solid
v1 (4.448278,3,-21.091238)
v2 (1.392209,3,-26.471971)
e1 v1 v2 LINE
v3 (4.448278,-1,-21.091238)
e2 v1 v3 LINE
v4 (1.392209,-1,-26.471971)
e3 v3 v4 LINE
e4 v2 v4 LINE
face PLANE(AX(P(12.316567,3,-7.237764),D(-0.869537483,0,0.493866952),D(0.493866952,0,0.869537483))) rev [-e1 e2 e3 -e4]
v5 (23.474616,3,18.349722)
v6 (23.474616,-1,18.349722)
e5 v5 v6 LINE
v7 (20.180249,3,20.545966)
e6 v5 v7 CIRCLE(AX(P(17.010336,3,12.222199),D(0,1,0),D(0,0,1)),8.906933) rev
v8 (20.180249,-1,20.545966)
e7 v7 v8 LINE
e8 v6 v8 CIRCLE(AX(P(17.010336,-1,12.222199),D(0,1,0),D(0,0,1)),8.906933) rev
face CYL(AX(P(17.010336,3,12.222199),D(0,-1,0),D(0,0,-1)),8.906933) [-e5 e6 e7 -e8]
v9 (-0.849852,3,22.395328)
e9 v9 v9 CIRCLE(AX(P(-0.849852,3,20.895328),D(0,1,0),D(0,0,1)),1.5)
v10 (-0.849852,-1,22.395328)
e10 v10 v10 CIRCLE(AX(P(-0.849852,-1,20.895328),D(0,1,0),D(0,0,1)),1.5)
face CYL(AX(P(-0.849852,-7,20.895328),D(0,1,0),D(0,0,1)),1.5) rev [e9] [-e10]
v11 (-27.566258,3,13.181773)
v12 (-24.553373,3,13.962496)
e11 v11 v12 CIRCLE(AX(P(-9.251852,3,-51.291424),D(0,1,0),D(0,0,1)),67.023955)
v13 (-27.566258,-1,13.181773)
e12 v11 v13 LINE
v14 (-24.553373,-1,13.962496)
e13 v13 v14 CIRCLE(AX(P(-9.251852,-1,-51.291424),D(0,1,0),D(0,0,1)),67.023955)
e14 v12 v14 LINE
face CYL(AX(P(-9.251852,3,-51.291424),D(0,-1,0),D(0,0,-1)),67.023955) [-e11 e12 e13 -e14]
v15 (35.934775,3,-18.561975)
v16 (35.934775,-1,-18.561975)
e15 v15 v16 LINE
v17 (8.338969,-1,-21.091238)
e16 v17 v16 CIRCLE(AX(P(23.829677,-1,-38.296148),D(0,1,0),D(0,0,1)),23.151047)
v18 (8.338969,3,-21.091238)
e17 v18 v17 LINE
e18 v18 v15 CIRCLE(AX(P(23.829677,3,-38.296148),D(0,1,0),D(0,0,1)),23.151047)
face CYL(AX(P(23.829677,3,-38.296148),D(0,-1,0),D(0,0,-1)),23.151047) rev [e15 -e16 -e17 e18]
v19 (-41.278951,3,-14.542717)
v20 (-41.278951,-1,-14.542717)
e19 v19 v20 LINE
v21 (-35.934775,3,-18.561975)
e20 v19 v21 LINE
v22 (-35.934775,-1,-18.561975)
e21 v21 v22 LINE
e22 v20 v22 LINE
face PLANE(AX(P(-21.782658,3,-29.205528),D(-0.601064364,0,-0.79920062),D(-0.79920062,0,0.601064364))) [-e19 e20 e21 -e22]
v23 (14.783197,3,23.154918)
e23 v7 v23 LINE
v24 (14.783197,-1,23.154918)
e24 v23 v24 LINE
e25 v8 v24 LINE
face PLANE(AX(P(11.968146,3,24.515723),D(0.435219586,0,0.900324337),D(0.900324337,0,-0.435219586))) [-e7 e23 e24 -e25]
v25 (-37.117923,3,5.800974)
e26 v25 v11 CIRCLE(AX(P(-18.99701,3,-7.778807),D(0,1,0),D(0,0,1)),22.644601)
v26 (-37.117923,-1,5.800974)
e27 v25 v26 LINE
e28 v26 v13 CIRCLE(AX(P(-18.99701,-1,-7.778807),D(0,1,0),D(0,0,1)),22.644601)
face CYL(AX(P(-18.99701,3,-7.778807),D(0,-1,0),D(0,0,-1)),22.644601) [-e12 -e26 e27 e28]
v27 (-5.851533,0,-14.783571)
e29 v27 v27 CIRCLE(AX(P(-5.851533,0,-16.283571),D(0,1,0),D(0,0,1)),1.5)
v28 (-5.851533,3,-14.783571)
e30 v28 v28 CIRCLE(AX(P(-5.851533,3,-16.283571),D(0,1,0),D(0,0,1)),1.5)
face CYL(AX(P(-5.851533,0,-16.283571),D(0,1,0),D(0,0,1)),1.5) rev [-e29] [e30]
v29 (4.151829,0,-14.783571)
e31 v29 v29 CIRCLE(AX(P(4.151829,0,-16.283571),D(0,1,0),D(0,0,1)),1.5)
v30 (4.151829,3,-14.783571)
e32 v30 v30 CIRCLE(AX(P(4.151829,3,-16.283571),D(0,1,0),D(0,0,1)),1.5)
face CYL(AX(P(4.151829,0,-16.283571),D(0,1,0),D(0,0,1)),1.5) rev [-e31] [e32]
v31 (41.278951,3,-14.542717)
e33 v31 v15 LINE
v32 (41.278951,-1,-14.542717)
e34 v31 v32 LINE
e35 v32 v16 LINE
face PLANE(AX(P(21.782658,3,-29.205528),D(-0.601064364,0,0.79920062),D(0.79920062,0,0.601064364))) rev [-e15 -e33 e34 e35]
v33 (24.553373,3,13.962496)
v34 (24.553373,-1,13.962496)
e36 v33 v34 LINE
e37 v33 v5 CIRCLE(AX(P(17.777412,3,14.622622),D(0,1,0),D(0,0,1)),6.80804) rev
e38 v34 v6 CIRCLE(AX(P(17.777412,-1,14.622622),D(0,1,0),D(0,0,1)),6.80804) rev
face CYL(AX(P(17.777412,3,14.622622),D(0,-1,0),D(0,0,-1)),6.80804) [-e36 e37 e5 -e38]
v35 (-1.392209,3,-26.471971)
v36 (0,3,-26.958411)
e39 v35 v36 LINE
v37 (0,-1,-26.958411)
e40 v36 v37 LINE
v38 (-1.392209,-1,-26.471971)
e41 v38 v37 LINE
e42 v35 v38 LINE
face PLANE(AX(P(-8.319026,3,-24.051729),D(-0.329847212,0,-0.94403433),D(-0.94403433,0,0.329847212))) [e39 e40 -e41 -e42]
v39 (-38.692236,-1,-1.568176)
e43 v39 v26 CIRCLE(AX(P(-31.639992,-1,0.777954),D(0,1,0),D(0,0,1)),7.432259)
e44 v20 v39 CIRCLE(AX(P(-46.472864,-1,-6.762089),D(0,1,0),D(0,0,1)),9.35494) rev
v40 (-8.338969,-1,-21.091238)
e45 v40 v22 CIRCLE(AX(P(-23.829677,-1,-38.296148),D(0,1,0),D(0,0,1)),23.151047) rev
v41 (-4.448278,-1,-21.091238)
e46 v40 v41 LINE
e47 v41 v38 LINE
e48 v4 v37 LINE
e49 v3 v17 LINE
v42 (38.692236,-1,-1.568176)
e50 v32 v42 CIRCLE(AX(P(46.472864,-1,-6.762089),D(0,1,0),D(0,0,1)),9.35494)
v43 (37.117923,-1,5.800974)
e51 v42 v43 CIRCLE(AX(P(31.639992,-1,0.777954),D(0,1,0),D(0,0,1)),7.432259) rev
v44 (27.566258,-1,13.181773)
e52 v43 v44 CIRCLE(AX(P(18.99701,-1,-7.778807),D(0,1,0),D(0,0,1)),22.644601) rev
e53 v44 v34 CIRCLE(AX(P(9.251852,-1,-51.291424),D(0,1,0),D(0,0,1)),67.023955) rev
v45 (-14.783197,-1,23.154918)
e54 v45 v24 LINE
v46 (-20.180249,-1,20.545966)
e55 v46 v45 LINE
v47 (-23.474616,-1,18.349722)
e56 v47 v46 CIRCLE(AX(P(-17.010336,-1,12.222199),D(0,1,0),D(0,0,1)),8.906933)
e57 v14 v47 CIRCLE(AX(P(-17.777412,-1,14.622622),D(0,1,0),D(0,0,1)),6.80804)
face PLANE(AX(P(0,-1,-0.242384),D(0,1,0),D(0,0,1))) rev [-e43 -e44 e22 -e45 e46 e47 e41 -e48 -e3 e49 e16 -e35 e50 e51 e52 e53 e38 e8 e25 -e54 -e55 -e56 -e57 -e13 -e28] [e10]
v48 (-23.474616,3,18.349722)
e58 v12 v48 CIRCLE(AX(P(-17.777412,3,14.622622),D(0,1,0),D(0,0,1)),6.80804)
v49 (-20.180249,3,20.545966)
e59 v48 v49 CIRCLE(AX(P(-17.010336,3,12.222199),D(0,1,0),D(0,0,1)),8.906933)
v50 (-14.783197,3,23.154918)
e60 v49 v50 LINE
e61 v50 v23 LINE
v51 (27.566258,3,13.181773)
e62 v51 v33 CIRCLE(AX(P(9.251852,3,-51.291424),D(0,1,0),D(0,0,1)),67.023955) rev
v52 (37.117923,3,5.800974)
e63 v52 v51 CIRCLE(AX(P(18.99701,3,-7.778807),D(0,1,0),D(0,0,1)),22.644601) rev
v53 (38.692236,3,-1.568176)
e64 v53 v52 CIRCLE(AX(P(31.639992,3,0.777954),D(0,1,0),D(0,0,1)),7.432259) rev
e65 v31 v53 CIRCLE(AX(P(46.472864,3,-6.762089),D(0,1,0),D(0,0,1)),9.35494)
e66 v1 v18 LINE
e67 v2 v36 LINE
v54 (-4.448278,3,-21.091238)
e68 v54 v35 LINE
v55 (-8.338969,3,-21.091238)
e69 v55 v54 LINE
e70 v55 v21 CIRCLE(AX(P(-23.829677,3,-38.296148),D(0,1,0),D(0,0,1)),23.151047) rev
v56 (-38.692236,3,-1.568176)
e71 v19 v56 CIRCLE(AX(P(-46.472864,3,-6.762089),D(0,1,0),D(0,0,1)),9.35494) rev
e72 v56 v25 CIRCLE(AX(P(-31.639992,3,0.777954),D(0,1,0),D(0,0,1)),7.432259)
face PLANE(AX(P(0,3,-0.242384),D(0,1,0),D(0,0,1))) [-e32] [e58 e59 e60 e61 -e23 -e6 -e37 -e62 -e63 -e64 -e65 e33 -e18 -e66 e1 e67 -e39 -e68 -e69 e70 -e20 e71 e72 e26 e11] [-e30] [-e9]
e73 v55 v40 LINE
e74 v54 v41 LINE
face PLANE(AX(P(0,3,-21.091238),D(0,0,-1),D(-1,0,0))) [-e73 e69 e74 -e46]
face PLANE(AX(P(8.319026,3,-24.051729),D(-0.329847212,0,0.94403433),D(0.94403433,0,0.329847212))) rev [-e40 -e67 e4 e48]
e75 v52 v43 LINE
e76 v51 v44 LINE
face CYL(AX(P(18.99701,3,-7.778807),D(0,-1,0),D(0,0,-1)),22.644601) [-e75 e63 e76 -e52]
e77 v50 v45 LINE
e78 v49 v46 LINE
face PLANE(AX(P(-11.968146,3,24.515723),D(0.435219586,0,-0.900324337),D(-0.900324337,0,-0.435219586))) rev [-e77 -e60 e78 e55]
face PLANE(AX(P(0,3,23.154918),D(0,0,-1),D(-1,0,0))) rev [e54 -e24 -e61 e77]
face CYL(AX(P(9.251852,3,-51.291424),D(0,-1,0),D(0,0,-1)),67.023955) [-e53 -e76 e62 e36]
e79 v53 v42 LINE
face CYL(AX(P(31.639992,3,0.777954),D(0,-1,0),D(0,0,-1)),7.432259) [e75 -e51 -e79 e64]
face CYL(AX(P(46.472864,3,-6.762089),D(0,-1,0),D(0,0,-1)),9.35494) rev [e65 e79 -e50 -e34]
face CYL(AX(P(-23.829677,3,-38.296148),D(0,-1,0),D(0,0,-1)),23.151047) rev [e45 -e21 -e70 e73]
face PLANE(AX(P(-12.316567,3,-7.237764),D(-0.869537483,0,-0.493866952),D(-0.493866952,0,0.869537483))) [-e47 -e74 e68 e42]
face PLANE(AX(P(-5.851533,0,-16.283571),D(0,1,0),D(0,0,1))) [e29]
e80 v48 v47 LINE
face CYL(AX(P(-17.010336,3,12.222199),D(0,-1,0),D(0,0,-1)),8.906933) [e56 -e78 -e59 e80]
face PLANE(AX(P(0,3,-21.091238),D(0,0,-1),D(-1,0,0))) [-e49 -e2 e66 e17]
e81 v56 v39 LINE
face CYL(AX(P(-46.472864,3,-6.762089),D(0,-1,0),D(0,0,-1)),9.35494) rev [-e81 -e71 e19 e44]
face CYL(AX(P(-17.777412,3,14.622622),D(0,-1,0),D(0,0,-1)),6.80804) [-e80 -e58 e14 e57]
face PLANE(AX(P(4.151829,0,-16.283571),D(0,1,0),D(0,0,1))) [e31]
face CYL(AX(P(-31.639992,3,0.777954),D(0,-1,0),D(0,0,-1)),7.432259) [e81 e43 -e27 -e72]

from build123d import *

# Parameters (mm, degrees)
BOSS_EXTRUDE1_DEPTH = 2
SCALE1_SCALE        = 2
SKETCH6_R           = 1.5
CUT_EXTRUDE2_DEPTH  = 3
SKETCH10_R          = 1.5
CUT_EXTRUDE4_DEPTH  = 10


with BuildPart() as part:
    # Sketch2 → Boss-Extrude1 (new body)
    with BuildSketch(Plane(origin=(0, 0, 0), x_dir=(1, 0, 0), z_dir=(0, 1, 0))):
        with BuildLine():
            Line((-17.967387551, 9.159795774), (-20.639475337, 7.15016677))
            ThreePointArc((-20.639475337, 7.15016677), (-18.649238809, 4.17439457), (-19.346117765, 0.662896123))
            ThreePointArc((-19.346117765, 0.662896123), (-19.45411943, -1.286546543), (-18.558961711, -3.021678736))
            ThreePointArc((-18.558961711, -3.021678736), (-16.421478173, -5.190969631), (-13.78312899, -6.712078584))
            ThreePointArc((-13.78312899, -6.712078584), (-13.032173848, -6.916004841), (-12.276686285, -7.102440046))
            ThreePointArc((-12.276686285, -7.102440046), (-12.194265553, -8.245293076), (-11.737308023, -9.296052821))
            ThreePointArc((-11.737308023, -9.296052821), (-10.975506649, -9.937799505), (-10.090124565, -10.394175126))
            Line((-10.090124565, -10.394175126), (-7.391598262, -11.698651137))
            Line((-7.391598262, -11.698651137), (7.391598262, -11.698651137))
            Line((7.391598262, -11.698651137), (10.090124565, -10.394175126))
            ThreePointArc((10.090124565, -10.394175126), (10.975506649, -9.937799505), (11.737308023, -9.296052821))
            ThreePointArc((11.737308023, -9.296052821), (12.194265553, -8.245293076), (12.276686285, -7.102440046))
            ThreePointArc((12.276686285, -7.102440046), (13.032173848, -6.916004841), (13.78312899, -6.712078584))
            ThreePointArc((13.78312899, -6.712078584), (16.421478173, -5.190969631), (18.558961711, -3.021678736))
            ThreePointArc((18.558961711, -3.021678736), (19.45411943, -1.286546543), (19.346117765, 0.662896123))
            ThreePointArc((19.346117765, 0.662896123), (18.649238809, 4.17439457), (20.639475337, 7.15016677))
            Line((20.639475337, 7.15016677), (17.967387551, 9.159795774))
            ThreePointArc((17.967387551, 9.159795774), (10.858325227, 7.499674132), (4.169484372, 10.424426945))
            Line((4.169484372, 10.424426945), (2.224138848, 10.424426945))
            Line((2.224138848, 10.424426945), (0.696104526, 13.114793475))
            Line((0.696104526, 13.114793475), (0, 13.358013588))
            Line((0, 13.358013588), (-0.696104526, 13.114793475))
            Line((-0.696104526, 13.114793475), (-2.224138848, 10.424426945))
            Line((-2.224138848, 10.424426945), (-4.169484372, 10.424426945))
            ThreePointArc((-4.169484372, 10.424426945), (-10.858325227, 7.499674132), (-17.967387551, 9.159795774))
        make_face()
    extrude(amount=BOSS_EXTRUDE1_DEPTH)


with BuildPart() as part_1:
    # Scale1: scaled about (0, 1, 0.242383844)
    add(part.part.scale(SCALE1_SCALE).moved(Location((0, -1, -0.242383844))))

    # Sketch6 → Cut-Extrude2 (cut)
    with BuildSketch(Plane(origin=(0, 3, 0), x_dir=(1, 0, 0), z_dir=(0, 1, 0))):
        with Locations(Location((-5.851533015, 16.28357055, 0), (0, 0, 270))):
            Circle(SKETCH6_R)
        with Locations(Location((4.151829214, 16.28357055, 0), (0, 0, 270))):
            Circle(SKETCH6_R)
    extrude(amount=-CUT_EXTRUDE2_DEPTH, mode=Mode.SUBTRACT)

    # Sketch10 → Cut-Extrude4 (cut)
    with BuildSketch(Plane(origin=(0, 3, 0), x_dir=(1, 0, 0), z_dir=(0, 1, 0))):
        with Locations(Location((-0.8498519, -20.895328087, 0), (0, 0, 270))):
            Circle(SKETCH10_R)
    extrude(amount=-CUT_EXTRUDE4_DEPTH, mode=Mode.SUBTRACT)


solid = part_1.part
